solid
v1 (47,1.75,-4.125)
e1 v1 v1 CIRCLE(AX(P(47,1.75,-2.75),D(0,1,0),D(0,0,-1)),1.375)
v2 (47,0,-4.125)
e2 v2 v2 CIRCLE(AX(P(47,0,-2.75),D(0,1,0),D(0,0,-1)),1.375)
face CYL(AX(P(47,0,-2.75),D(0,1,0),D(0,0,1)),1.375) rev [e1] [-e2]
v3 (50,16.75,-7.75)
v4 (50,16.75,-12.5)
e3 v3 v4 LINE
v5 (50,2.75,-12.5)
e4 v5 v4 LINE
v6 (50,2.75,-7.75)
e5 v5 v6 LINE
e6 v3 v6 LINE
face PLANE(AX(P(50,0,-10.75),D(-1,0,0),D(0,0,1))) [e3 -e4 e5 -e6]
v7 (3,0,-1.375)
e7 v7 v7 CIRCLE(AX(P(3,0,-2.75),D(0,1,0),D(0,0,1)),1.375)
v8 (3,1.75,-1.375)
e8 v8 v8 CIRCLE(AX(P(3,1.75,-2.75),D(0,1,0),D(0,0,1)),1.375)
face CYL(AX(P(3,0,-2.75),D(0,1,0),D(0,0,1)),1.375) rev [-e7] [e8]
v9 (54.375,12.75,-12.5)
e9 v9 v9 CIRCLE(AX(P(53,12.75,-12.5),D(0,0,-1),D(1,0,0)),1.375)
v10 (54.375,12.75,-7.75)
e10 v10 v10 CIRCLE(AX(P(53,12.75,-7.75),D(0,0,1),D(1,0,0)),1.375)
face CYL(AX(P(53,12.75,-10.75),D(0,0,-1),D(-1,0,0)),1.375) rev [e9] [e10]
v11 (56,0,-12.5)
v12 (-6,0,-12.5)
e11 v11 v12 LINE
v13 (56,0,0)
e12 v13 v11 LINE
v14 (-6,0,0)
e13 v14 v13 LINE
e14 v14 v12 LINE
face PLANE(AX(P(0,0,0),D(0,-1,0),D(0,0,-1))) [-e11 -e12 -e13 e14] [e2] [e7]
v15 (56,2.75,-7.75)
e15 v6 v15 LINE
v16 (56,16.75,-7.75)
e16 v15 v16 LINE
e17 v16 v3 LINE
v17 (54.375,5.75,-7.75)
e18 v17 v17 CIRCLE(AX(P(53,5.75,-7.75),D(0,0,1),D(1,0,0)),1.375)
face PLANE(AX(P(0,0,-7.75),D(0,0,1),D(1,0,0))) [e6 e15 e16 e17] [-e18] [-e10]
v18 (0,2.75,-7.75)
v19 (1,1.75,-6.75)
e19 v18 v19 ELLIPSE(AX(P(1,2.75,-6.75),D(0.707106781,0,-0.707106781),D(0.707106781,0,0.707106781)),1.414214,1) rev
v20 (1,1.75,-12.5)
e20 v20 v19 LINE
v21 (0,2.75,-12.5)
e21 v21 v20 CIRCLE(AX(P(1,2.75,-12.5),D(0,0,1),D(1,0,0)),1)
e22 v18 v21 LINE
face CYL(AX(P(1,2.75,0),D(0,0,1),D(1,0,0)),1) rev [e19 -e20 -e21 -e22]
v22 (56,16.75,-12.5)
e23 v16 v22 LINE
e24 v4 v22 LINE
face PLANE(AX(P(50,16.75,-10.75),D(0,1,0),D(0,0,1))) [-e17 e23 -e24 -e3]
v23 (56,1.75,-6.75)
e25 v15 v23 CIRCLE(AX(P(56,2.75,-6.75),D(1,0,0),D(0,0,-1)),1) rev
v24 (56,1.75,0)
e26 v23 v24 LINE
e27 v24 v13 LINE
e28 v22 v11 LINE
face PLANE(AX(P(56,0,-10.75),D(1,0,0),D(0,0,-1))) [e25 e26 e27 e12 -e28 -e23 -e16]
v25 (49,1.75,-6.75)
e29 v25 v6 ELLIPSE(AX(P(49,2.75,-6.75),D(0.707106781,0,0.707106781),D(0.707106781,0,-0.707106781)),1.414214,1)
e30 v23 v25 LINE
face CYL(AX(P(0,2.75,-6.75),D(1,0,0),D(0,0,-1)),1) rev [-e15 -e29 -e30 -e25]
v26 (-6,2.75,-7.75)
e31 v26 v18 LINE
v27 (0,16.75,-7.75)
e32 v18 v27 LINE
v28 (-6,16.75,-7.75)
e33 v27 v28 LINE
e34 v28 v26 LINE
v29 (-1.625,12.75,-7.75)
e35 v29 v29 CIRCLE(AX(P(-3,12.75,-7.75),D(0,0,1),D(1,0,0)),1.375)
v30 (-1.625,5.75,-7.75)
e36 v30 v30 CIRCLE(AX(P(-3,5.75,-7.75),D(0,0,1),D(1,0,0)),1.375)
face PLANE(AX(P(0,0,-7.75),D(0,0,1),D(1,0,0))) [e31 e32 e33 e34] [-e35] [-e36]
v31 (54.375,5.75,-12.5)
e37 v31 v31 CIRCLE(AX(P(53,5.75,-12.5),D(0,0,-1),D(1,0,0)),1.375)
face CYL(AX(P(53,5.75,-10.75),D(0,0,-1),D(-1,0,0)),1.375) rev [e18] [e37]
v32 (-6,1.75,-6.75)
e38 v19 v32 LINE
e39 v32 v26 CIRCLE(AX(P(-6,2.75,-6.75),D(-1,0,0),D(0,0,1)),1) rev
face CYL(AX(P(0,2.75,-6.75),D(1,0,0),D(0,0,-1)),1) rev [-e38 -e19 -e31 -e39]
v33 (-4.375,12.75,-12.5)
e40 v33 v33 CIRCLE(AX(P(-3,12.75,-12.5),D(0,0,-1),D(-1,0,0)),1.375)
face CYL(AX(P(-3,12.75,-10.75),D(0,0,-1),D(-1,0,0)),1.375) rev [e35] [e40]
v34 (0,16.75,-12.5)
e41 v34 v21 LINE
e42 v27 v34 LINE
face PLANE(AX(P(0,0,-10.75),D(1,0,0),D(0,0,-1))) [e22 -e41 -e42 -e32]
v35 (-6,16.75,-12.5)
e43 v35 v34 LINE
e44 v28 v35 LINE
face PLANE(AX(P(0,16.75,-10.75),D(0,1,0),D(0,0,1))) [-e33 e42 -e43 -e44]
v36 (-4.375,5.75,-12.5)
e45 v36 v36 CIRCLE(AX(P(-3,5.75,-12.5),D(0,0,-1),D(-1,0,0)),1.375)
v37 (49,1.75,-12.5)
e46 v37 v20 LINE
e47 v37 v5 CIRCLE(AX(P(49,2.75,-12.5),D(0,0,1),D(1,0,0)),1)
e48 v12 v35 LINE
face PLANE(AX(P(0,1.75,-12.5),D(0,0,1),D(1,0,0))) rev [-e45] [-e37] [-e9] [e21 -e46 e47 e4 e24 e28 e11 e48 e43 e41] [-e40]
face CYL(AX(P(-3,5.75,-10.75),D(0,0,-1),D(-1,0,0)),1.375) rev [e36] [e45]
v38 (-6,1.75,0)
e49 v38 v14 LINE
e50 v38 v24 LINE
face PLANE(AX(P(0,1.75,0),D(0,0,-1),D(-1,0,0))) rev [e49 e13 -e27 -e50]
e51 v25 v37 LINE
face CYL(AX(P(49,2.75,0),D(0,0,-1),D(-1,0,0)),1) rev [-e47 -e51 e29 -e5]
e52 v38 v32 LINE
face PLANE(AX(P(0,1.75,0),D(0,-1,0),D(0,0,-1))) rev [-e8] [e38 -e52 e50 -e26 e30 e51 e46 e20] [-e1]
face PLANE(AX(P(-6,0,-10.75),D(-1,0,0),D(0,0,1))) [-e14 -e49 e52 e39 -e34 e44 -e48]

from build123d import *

# Parameters (mm, degrees)
SKETCH1_W                  = 50
SKETCH1_H                  = 12.5
BASE_DEPTH                 = 1.75
SKETCH2_R                  = 1.375
CHASSISMOUNTINGHOLES_DEPTH = 1.75
SKETCH3_W                  = 6
SKETCH3_H                  = 16.75
SKETCH3_R                  = 1.375
BOSS_EXTRUDE2_DEPTH        = 1.75
BOSS_EXTRUDE3_DEPTH        = 1.75
SKETCH5_W                  = 6
SKETCH5_H                  = 15
SKETCH5_R                  = 1.375
BOSS_EXTRUDE4_DEPTH        = 3
BOSS_EXTRUDE5_DEPTH        = 1.75
FILLET1_R                  = 1


with BuildPart() as part:
    # Sketch1 → base (new body)
    with BuildSketch(Plane(origin=(0, 0, 0), x_dir=(1, 0, 0), z_dir=(0, 1, 0))):
        with Locations((25, 6.25)):
            Rectangle(SKETCH1_W, SKETCH1_H)
    extrude(amount=BASE_DEPTH)

    # Sketch2 → chassisMountingHoles (cut)
    with BuildSketch(Plane(origin=(0, 1.75, 0), x_dir=(1, 0, 0), z_dir=(0, 1, 0))):
        with Locations(Location((3, 2.75, 0), (0, 0, 270))):
            Circle(SKETCH2_R)
        with Locations(Location((47, 2.75, 0), (0, 0, 90))):
            Circle(SKETCH2_R)
    extrude(amount=-CHASSISMOUNTINGHOLES_DEPTH, mode=Mode.SUBTRACT)

    # Sketch3 → Boss-Extrude2 (add)
    with BuildSketch(Plane(origin=(0, 0, -12.5), x_dir=(-1, 0, 0), z_dir=(0, 0, -1))):
        with Locations((3, 8.375)):
            Rectangle(SKETCH3_W, SKETCH3_H)
        with Locations((3, 12.75)):
            Circle(SKETCH3_R, mode=Mode.SUBTRACT)
        with Locations((3, 5.75)):
            Circle(SKETCH3_R, mode=Mode.SUBTRACT)
        with Locations((-53, 8.375)):
            Rectangle(SKETCH3_W, SKETCH3_H)
        with Locations(Location((-53, 12.75, 0), (0, 0, 180))):
            Circle(SKETCH3_R, mode=Mode.SUBTRACT)
        with Locations(Location((-53, 5.75, 0), (0, 0, 180))):
            Circle(SKETCH3_R, mode=Mode.SUBTRACT)
    extrude(amount=-BOSS_EXTRUDE2_DEPTH)

    # Sketch4 → Boss-Extrude3 (add)
    with BuildSketch(Plane(origin=(0, 1.75, 0), x_dir=(1, 0, 0), z_dir=(0, 1, 0))):
        Polygon((50, 0), (56, 10.75), (50, 10.75), align=None)
        Polygon((-6, 10.75), (0, 10.75), (0, 0), align=None)
    extrude(amount=-BOSS_EXTRUDE3_DEPTH)

    # Sketch5 → Boss-Extrude4 (add)
    with BuildSketch(Plane.XY.offset(-10.75)):
        with Locations((-3, 9.25)):
            Rectangle(SKETCH5_W, SKETCH5_H)
        with Locations(Location((-3, 5.75, 0), (0, 0, 180))):
            Circle(SKETCH5_R, mode=Mode.SUBTRACT)
        with Locations(Location((-3, 12.75, 0), (0, 0, 180))):
            Circle(SKETCH5_R, mode=Mode.SUBTRACT)
        with Locations((53, 9.25)):
            Rectangle(SKETCH5_W, SKETCH5_H)
        with Locations((53, 5.75)):
            Circle(SKETCH5_R, mode=Mode.SUBTRACT)
        with Locations((53, 12.75)):
            Circle(SKETCH5_R, mode=Mode.SUBTRACT)
    extrude(amount=BOSS_EXTRUDE4_DEPTH)

    # Sketch6 → Boss-Extrude5 (add)
    with BuildSketch(Plane.XZ):
        Polygon((-6, -10.75), (-6, 0), (0, 0), align=None)
        Polygon((56, 0), (50, 0), (56, -10.75), align=None)
    extrude(amount=-BOSS_EXTRUDE5_DEPTH)

    # Fillet1
    fillet1_edges = [part.edges().sort_by_distance(p)[0] for p in [
        (53, 1.75, -7.75),
        (50, 1.75, -10.125),
        (0, 1.75, -10.125),
        (-3, 1.75, -7.75),
    ]]
    fillet(fillet1_edges, radius=FILLET1_R)


solid = part.part
